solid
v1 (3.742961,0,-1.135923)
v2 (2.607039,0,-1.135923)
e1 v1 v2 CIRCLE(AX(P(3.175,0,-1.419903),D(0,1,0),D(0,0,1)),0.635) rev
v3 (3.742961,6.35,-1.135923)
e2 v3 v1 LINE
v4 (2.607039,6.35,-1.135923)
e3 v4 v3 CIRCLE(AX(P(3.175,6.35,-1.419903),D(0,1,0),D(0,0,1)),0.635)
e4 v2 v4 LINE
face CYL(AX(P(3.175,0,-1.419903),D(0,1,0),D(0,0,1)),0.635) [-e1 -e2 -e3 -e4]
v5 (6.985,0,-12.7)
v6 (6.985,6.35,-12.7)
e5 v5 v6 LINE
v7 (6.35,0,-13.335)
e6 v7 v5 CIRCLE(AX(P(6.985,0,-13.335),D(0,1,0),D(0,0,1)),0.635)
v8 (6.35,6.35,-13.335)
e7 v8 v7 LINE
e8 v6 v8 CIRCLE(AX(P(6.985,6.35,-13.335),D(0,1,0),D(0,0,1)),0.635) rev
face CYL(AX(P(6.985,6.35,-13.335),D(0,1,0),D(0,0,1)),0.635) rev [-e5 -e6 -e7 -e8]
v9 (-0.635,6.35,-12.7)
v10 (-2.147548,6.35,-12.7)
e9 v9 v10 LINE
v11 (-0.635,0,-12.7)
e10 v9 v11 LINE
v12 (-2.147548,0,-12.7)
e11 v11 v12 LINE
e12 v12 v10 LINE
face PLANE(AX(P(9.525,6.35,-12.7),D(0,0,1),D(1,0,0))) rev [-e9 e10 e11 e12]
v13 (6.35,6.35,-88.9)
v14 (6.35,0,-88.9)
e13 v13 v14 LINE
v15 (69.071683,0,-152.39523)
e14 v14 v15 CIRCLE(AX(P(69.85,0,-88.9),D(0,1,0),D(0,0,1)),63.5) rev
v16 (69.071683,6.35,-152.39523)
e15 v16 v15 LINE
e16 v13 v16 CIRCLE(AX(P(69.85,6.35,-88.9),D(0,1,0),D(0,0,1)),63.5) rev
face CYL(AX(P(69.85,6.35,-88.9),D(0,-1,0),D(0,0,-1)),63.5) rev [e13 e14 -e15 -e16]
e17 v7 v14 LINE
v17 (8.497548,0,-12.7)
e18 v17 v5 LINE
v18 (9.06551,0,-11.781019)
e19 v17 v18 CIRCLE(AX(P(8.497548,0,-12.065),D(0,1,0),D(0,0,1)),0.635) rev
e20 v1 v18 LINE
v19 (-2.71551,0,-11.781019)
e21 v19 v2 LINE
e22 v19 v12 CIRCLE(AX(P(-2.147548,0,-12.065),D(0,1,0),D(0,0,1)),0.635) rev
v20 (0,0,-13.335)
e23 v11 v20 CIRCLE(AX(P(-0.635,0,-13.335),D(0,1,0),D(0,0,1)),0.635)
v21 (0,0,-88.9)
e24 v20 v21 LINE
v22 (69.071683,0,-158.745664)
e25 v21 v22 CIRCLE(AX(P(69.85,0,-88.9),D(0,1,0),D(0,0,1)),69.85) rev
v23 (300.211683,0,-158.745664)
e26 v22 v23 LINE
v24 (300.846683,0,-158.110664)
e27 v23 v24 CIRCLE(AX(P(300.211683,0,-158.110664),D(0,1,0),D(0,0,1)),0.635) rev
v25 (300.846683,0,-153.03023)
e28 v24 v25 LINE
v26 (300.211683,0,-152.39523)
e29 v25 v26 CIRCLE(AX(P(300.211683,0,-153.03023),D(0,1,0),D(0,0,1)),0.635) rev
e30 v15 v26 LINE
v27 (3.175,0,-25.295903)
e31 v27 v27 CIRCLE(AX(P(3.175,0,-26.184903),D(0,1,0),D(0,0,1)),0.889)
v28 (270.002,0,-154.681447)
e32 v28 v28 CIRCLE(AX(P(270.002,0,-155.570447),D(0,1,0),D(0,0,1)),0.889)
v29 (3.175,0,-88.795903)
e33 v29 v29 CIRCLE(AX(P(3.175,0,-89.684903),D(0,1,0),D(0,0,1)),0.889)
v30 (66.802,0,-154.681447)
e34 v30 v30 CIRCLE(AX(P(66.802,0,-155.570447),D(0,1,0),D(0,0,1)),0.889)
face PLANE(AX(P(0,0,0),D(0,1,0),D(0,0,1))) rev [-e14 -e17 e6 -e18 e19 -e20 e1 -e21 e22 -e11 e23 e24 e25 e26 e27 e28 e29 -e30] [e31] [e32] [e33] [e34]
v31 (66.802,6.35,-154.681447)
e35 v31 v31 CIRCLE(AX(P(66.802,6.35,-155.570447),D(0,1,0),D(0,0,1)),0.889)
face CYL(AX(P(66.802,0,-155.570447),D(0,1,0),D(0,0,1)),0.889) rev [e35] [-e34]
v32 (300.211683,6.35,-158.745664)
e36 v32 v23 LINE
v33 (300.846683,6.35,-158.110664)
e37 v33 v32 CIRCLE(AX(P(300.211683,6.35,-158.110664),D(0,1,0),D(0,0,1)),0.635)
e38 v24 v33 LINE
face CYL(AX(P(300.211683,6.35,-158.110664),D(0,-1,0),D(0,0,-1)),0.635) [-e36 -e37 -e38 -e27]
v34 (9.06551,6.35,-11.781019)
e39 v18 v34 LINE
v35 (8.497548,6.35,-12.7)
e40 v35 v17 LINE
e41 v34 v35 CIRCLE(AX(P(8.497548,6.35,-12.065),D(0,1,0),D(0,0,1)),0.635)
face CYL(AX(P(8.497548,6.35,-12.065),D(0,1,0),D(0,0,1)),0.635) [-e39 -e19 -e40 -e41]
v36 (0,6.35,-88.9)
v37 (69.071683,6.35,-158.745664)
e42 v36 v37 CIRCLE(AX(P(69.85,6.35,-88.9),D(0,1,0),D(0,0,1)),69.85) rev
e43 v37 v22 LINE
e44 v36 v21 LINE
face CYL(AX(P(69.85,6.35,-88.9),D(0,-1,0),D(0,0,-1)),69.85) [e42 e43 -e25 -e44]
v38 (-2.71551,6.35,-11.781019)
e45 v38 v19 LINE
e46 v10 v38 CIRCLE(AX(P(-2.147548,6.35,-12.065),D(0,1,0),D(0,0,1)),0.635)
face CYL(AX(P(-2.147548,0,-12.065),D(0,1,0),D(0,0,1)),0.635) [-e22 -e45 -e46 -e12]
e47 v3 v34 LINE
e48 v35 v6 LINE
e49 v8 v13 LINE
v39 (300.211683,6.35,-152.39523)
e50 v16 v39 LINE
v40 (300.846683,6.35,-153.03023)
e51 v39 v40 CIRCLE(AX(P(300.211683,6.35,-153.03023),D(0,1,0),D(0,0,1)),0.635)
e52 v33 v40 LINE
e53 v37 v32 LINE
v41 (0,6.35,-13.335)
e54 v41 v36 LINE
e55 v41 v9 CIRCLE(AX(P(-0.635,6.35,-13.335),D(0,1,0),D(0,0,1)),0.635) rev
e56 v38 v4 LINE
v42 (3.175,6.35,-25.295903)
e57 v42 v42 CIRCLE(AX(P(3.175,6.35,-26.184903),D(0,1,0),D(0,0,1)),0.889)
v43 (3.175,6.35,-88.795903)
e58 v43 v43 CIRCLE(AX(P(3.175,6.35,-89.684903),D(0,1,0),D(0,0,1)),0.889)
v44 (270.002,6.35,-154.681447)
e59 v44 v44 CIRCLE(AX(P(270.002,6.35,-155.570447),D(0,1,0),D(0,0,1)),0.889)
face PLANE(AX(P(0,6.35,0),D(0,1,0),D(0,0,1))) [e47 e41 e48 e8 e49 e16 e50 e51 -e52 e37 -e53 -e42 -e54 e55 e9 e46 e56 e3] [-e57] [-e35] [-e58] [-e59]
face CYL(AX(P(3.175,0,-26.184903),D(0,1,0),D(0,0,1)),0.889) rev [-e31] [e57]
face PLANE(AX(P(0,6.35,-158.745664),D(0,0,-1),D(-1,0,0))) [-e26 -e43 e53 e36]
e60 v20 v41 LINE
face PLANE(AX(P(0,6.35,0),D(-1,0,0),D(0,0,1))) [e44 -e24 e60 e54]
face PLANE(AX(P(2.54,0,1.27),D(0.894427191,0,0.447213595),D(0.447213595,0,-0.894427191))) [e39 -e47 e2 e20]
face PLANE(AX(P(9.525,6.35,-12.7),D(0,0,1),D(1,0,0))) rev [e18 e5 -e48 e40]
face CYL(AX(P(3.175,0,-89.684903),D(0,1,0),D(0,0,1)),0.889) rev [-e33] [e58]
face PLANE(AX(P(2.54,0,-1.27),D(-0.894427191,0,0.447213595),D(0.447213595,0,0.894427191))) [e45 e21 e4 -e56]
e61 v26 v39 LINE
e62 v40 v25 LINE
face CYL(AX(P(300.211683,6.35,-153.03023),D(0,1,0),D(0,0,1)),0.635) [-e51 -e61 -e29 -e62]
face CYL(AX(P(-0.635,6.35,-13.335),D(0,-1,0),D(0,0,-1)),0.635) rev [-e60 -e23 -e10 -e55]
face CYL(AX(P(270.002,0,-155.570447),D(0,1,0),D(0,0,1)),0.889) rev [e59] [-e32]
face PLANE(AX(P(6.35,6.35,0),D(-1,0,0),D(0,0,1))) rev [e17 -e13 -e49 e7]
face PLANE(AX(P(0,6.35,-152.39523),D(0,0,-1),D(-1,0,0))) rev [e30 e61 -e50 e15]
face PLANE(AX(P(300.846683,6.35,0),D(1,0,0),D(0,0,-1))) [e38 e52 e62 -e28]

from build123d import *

# Parameters (mm, degrees)
SKETCH1_W           = 231.775
SKETCH1_H           = 6.350433672
SKETCH1_W_2         = 6.35
SKETCH1_H_2         = 76.2
SKETCH1_H_3         = 12.7
SKETCH1_W_3         = 3.175
BOSS_EXTRUDE1_DEPTH = 6.35
CUT_EXTRUDE1_DEPTH  = 341.219392139
FILLET1_R           = 0.635
SKETCH3_R           = 0.889
CUT_EXTRUDE2_DEPTH  = 341.219392139


with BuildPart() as part:
    # Sketch1 → Boss-Extrude1 (new body)
    with BuildSketch(Plane(origin=(0, 0, 0), x_dir=(1, 0, 0), z_dir=(0, 1, 0))):
        with Locations((184.959182845, 155.570446755)):
            Rectangle(SKETCH1_W, SKETCH1_H)
        with BuildLine():
            Line((69.071682845, 152.395229919), (69.071682845, 158.745663591))
            ThreePointArc((69.071682845, 158.745663591), (20.184176976, 138.015461144), (0, 88.9))
            Line((0, 88.9), (6.35, 88.9))
            ThreePointArc((6.35, 88.9), (24.674380805, 133.525255521), (69.071682845, 152.395229919))
        make_face()
        with Locations((3.175, 50.8)):
            Rectangle(SKETCH1_W_2, SKETCH1_H_2)
        with Locations((3.175, 6.35)):
            Rectangle(SKETCH1_W_2, SKETCH1_H_3)
        with Locations((-1.5875, 6.35)):
            Rectangle(SKETCH1_W_3, SKETCH1_H_3)
        with Locations((7.9375, 6.35)):
            Rectangle(SKETCH1_W_3, SKETCH1_H_3)
    extrude(amount=BOSS_EXTRUDE1_DEPTH)

    # Sketch2 → Cut-Extrude1 (cut, through all)
    with BuildSketch(Plane(origin=(0, 6.35, 0), x_dir=(1, 0, 0), z_dir=(0, 1, 0))):
        Polygon((3.175, 0), (-3.175, 12.7), (-3.175, 0), align=None)
        Polygon((9.525, 12.7), (3.175, 0), (9.525, 0), align=None)
    extrude(amount=-CUT_EXTRUDE1_DEPTH, mode=Mode.SUBTRACT)

    # Fillet1
    fillet1_edges = [part.edges().sort_by_distance(p)[0] for p in [
        (0, 3.175, -12.7),
        (300.846682845, 3.175, -158.745663591),
        (300.846682845, 3.175, -152.395229919),
        (6.35, 3.175, -12.7),
        (-3.175, 3.175, -12.7),
        (9.525, 3.175, -12.7),
        (3.175, 3.175, 0),
    ]]
    fillet(fillet1_edges, radius=FILLET1_R)

    # Sketch3 → Cut-Extrude2 (cut, through all)
    with BuildSketch(Plane(origin=(0, 6.35, 0), x_dir=(1, 0, 0), z_dir=(0, 1, 0))):
        with Locations(Location((3.175, 26.184903166, 0), (0, 0, 270))):
            Circle(SKETCH3_R)
        with Locations(Location((3.175, 89.684903166, 0), (0, 0, 270))):
            Circle(SKETCH3_R)
        with Locations(Location((66.802, 155.570446755, 0), (0, 0, 270))):
            Circle(SKETCH3_R)
        with Locations(Location((270.002, 155.570446755, 0), (0, 0, 270))):
            Circle(SKETCH3_R)
    extrude(amount=-CUT_EXTRUDE2_DEPTH, mode=Mode.SUBTRACT)


solid = part.part
